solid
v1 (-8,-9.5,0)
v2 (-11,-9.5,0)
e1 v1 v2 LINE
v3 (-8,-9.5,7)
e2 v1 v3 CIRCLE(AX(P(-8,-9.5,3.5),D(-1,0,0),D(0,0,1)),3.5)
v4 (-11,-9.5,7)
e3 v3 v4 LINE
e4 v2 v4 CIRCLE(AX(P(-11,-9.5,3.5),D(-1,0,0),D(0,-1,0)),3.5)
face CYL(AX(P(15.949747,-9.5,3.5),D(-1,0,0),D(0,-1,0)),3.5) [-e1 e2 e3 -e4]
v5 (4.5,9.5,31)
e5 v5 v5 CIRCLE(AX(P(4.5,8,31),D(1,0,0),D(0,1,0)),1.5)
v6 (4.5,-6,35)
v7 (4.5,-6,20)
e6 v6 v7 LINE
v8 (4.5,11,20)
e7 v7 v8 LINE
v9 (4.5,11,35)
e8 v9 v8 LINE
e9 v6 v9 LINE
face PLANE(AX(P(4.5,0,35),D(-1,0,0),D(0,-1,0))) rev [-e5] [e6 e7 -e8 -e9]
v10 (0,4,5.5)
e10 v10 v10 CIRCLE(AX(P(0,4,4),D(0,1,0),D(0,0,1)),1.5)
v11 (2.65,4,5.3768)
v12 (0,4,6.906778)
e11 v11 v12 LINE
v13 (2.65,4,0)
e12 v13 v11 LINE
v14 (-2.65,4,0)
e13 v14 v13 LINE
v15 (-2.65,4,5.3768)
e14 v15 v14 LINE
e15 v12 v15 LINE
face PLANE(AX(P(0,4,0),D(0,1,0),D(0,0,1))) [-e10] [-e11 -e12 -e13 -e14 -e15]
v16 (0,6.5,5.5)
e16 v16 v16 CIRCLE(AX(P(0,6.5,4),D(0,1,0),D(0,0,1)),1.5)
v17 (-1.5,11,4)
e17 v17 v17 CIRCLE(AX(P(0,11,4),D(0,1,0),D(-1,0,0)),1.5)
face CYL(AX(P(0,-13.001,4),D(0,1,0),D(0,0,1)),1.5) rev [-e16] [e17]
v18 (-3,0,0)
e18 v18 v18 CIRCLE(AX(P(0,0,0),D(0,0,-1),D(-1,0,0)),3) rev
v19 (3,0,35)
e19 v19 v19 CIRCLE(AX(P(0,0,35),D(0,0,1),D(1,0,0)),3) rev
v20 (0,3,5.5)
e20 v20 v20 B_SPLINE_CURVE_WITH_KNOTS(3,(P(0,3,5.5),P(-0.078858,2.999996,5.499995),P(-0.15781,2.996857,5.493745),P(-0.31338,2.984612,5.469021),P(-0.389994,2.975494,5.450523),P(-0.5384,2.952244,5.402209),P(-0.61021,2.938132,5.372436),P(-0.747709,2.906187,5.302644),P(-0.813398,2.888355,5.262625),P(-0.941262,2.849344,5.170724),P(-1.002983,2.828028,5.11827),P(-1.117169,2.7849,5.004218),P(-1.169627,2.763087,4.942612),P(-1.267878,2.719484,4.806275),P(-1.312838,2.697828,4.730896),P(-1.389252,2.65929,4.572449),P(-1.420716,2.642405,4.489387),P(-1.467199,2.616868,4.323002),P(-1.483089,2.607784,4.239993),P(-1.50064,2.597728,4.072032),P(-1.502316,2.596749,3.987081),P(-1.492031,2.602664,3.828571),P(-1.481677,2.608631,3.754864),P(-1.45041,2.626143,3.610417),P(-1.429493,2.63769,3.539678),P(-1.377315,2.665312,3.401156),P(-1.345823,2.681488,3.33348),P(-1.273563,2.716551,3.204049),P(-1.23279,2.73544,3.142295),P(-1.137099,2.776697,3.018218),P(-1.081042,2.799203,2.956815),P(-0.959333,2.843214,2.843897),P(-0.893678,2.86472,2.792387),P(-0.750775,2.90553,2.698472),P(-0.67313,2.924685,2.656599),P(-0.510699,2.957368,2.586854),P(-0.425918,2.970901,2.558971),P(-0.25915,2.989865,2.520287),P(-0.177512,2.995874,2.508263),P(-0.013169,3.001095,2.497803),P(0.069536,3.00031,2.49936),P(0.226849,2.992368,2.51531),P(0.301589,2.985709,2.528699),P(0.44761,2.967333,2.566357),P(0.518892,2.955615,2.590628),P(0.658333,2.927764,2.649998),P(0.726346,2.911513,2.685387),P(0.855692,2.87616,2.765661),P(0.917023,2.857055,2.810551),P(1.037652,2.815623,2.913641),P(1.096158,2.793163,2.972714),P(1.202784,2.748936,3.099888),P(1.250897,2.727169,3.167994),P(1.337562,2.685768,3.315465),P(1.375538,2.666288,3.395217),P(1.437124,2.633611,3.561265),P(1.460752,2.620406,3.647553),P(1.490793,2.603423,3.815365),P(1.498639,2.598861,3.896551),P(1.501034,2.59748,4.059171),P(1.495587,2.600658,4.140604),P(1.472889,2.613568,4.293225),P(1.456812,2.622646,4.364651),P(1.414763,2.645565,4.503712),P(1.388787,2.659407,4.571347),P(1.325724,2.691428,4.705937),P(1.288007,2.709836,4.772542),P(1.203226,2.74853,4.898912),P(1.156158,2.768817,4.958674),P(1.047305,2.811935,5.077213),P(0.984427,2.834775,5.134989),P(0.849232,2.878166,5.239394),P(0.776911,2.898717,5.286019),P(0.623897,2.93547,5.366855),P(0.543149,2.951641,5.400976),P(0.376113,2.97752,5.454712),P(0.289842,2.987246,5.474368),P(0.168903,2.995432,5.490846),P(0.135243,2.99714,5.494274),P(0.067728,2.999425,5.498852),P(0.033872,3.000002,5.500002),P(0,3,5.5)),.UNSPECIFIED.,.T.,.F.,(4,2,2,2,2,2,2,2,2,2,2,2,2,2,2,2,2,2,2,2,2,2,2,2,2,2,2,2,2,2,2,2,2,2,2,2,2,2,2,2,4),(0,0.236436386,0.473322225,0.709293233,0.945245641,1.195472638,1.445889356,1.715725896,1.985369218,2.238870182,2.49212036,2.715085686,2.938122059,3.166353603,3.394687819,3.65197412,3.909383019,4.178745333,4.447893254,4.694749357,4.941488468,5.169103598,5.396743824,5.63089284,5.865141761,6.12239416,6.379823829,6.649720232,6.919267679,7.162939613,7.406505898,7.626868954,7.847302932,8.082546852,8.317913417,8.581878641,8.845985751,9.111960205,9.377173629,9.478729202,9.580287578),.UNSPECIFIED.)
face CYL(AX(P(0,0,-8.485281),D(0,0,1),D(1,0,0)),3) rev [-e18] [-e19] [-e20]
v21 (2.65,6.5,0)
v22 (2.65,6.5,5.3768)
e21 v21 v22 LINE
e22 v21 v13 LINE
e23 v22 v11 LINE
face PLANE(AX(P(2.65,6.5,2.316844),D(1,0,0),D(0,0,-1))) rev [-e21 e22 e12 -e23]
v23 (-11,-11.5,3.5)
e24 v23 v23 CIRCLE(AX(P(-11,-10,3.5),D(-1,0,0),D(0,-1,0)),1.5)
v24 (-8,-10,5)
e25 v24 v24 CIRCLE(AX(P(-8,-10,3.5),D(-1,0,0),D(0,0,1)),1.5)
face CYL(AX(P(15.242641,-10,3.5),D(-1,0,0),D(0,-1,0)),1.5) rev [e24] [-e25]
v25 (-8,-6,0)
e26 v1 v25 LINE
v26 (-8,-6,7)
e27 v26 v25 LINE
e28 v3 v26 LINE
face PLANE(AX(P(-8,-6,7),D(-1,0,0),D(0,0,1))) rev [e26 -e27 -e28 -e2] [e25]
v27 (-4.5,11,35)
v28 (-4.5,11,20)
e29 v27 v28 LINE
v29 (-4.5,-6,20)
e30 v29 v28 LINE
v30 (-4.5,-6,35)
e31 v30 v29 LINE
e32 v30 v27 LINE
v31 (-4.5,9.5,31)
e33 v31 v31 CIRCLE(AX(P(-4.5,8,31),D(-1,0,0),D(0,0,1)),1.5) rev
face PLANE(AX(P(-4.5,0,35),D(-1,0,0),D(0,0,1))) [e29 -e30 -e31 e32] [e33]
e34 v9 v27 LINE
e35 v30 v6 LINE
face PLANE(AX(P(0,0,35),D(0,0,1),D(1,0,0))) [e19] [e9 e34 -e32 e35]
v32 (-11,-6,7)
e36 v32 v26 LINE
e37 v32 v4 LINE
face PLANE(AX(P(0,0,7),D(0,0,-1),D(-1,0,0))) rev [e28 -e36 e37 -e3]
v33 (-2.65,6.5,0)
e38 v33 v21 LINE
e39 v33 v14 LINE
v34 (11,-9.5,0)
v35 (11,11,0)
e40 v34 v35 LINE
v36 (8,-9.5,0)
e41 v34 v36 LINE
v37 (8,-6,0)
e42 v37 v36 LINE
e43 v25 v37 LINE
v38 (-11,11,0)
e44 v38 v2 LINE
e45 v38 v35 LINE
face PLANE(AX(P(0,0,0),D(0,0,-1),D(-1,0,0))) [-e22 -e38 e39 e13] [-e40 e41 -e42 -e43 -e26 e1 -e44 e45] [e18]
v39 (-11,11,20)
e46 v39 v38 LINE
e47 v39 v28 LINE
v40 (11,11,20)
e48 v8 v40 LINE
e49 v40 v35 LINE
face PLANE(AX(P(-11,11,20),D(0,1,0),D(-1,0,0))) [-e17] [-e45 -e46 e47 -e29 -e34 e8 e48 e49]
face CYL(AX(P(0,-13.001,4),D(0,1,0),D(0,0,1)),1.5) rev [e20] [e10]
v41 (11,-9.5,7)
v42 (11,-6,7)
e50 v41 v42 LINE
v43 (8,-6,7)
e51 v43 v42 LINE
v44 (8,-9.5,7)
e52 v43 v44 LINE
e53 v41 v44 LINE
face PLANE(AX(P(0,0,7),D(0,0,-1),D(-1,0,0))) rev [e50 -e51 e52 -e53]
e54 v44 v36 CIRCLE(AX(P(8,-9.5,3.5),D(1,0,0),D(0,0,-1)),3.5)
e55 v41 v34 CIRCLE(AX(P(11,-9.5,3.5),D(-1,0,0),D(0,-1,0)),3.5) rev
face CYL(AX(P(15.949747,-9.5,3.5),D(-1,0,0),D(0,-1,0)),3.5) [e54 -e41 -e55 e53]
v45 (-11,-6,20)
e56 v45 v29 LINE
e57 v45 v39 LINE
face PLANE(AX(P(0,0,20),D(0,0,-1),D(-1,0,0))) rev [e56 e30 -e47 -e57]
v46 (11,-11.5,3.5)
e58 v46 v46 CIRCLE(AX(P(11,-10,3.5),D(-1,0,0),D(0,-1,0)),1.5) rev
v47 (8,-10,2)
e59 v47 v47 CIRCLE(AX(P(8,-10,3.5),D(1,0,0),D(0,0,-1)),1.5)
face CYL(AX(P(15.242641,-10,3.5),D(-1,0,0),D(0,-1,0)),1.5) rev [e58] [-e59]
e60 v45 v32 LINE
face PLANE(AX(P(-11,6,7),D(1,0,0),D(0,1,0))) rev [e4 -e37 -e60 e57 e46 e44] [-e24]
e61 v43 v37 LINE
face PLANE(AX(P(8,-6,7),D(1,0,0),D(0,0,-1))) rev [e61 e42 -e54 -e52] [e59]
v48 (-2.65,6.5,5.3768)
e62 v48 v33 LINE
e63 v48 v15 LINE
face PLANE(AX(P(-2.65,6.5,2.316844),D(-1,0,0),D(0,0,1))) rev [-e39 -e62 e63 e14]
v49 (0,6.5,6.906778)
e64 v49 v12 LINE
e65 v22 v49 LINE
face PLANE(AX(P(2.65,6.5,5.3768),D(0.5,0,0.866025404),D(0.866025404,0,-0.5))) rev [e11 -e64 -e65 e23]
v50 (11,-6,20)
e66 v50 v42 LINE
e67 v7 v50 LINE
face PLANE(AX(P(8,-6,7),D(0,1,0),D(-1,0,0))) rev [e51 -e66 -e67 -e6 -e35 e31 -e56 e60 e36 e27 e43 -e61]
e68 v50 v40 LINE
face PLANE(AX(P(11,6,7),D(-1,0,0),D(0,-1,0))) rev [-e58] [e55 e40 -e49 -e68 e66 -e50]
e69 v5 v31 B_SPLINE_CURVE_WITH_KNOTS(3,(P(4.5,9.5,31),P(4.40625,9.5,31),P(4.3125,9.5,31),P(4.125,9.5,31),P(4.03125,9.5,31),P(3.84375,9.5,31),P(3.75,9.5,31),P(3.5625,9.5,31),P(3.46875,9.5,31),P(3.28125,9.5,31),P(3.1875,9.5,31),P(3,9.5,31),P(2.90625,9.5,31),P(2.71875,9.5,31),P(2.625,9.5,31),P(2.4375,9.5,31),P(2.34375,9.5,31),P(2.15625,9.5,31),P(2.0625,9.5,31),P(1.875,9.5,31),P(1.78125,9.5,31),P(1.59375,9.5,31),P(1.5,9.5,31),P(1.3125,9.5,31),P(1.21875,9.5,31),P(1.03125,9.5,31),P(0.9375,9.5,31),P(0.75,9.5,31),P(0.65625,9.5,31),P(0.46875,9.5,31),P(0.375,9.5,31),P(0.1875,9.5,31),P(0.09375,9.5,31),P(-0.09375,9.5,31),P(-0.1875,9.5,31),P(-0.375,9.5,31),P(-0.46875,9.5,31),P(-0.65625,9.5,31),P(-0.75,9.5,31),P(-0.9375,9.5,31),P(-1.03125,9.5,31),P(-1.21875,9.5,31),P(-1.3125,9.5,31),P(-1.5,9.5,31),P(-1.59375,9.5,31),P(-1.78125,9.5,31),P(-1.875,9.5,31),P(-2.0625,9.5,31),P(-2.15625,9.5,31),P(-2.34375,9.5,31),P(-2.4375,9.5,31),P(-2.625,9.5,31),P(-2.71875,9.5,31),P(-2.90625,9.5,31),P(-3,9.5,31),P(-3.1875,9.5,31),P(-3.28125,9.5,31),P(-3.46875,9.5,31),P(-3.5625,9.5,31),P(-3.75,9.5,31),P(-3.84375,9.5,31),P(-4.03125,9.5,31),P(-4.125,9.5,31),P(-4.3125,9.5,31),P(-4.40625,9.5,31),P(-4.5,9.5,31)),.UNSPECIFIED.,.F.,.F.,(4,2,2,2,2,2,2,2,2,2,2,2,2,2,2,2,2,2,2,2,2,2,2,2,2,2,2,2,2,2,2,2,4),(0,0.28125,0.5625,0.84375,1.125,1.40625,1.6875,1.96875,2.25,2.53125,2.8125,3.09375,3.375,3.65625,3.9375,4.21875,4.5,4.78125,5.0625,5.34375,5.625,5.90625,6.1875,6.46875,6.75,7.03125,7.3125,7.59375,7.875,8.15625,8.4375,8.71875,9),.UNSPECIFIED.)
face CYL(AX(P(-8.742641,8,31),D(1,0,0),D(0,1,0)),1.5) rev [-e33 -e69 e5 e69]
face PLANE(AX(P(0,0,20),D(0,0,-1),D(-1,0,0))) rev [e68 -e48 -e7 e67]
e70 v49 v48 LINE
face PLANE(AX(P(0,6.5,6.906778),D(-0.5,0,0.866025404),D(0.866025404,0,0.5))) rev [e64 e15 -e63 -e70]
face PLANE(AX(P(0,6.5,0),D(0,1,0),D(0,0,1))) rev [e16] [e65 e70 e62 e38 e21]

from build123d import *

# Parameters (mm, degrees)
DODANIE_WYCI_GNI_CIE1_DEPTH            = 7
WYTNIJ_WYCI_GNI_CIE1_REACH             = 28.495
WYTNIJ_WYCI_GNI_CIE2_REACH             = 28.495
SZKIC3_R                               = 1.5
SZKIC4_W                               = 22
SZKIC4_H                               = 17
DODANIE_WYCI_GNI_CIE2_DEPTH            = 20
SZKIC5_R                               = 3
WYTNIJ_WYCI_GNI_CIE3_DEPTH             = 20
WYTNIJ_WYCI_GNI_CIE4_DEPTH             = 2.5
WYTNIJ_WYCI_GNI_CIE5_REACH             = 30.46
SZKIC7_R                               = 1.5
WYTNIJ_WYCI_GNI_CIE5_DIRECTION_2_REACH = 30.46
DODANIE_WYCI_GNI_CIE3_START            = 15
SZKIC8_W                               = 9
SZKIC8_H                               = 17
SZKIC8_R                               = 3
DODANIE_WYCI_GNI_CIE3_DEPTH            = 15
SZKIC9_R                               = 1.5
WYTNIJ_WYCI_GNI_CIE6_DEPTH             = 9


with BuildPart() as part:
    # Szkic1 → Dodanie-wyciągnięcie1 (new body)
    with BuildSketch(Plane.XY):
        Polygon((8, 6), (-8, 6), (-11, 6), (-11, -13), (-8, -13), (-8, -6), (8, -6), (8, -13), (11, -13), (11, 6), align=None)
    extrude(amount=DODANIE_WYCI_GNI_CIE1_DEPTH)

    # Wytnij-wyciągnięcie1: up to this face of the body (flat: up to its plane)
    wytnij_wyci_gni_cie1_end = Plane(part.part.faces().sort_by_distance((11, -3.5, 3.5))[0])
    # Szkic2 → Wytnij-wyciągnięcie1 (cut, up to the picked face)
    with BuildSketch(Plane.ZY.offset(11), mode=Mode.PRIVATE) as wytnij_wyci_gni_cie1_sk1:
        with BuildLine():
            ThreePointArc((7, -9.5), (5.974873734, -11.974873734), (3.5, -13))
            Line((3.5, -13), (7, -13))
            Line((7, -13), (7, -9.5))
        make_face()
    wytnij_wyci_gni_cie1_tool1 = split(extrude(wytnij_wyci_gni_cie1_sk1.sketch, amount=-WYTNIJ_WYCI_GNI_CIE1_REACH, mode=Mode.PRIVATE), bisect_by=wytnij_wyci_gni_cie1_end, keep=Keep.BOTH, mode=Mode.PRIVATE)
    # Szkic2 → Wytnij-wyciągnięcie1 (cut, up to the picked face)
    with BuildSketch(Plane.ZY.offset(11), mode=Mode.PRIVATE) as wytnij_wyci_gni_cie1_sk2:
        with BuildLine():
            ThreePointArc((3.5, -13), (1.025126266, -11.974873734), (0, -9.5))
            Line((0, -9.5), (0, -13))
            Line((0, -13), (3.5, -13))
        make_face()
    wytnij_wyci_gni_cie1_tool2 = split(extrude(wytnij_wyci_gni_cie1_sk2.sketch, amount=-WYTNIJ_WYCI_GNI_CIE1_REACH, mode=Mode.PRIVATE), bisect_by=wytnij_wyci_gni_cie1_end, keep=Keep.BOTH, mode=Mode.PRIVATE)
    add(wytnij_wyci_gni_cie1_tool1.solids().sort_by(Axis((-11, -12.218212, 6.218212), (1, 0, 0)))[0], mode=Mode.SUBTRACT)
    add(wytnij_wyci_gni_cie1_tool2.solids().sort_by(Axis((-11, -12.218212, 0.781788), (1, 0, 0)))[0], mode=Mode.SUBTRACT)

    # Wytnij-wyciągnięcie2: up to this face of the body (flat: up to its plane)
    wytnij_wyci_gni_cie2_end = Plane(part.part.faces().sort_by_distance((11, -3.141167, 3.5))[0])
    # Szkic3 → Wytnij-wyciągnięcie2 (cut, up to the picked face)
    with BuildSketch(Plane.ZY.offset(11), mode=Mode.PRIVATE) as wytnij_wyci_gni_cie2_sk1:
        with Locations(Location((3.5, -10, 0), (0, 0, 270))):
            Circle(SZKIC3_R)
    wytnij_wyci_gni_cie2_tool1 = split(extrude(wytnij_wyci_gni_cie2_sk1.sketch, amount=-WYTNIJ_WYCI_GNI_CIE2_REACH, mode=Mode.PRIVATE), bisect_by=wytnij_wyci_gni_cie2_end, keep=Keep.BOTH, mode=Mode.PRIVATE)
    add(wytnij_wyci_gni_cie2_tool1.solids().sort_by(Axis((-11, -10, 3.5), (1, 0, 0)))[0], mode=Mode.SUBTRACT)

    # Szkic4 → Dodanie-wyciągnięcie2 (add)
    with BuildSketch(Plane(origin=(0, 0, 0), x_dir=(-1, 0, 0), z_dir=(0, 0, -1))):
        with Locations((0, 2.5)):
            Rectangle(SZKIC4_W, SZKIC4_H)
    extrude(amount=-DODANIE_WYCI_GNI_CIE2_DEPTH)

    # Szkic5 → Wytnij-wyciągnięcie3 (cut)
    with BuildSketch(Plane.XY.offset(20)):
        Circle(SZKIC5_R)
    extrude(amount=-WYTNIJ_WYCI_GNI_CIE3_DEPTH, mode=Mode.SUBTRACT)

    # Szkic6 → Wytnij-wyciągnięcie4 (cut)
    with BuildSketch(Plane(origin=(0, 4, 0), x_dir=(-1, 0, 0), z_dir=(0, -1, 0))):
        Polygon((2.65, -2.316843521), (2.65, 0), (-2.65, 0), (-2.65, -2.316843521), (-2.65, -5.376799948), (0, -6.906778161), (2.65, -5.376799948), align=None)
    extrude(amount=-WYTNIJ_WYCI_GNI_CIE4_DEPTH, mode=Mode.SUBTRACT)

    # Szkic7 → Wytnij-wyciągnięcie5 (cut, up to next)
    with BuildSketch(Plane(origin=(0, 4, 0), x_dir=(1, 0, 0), z_dir=(0, 1, 0)), mode=Mode.PRIVATE) as wytnij_wyci_gni_cie5_sk1:
        with Locations(Location((0, -4, 0), (0, 0, 270))):
            Circle(SZKIC7_R)
    wytnij_wyci_gni_cie5_tool1 = extrude(wytnij_wyci_gni_cie5_sk1.sketch, amount=-WYTNIJ_WYCI_GNI_CIE5_REACH, mode=Mode.PRIVATE) & part.part
    add(wytnij_wyci_gni_cie5_tool1.solids().sort_by_distance((0, 4, 4))[0], mode=Mode.SUBTRACT)

    # Szkic7 → Wytnij-wyciągnięcie5 direction 2 (cut, up to next)
    with BuildSketch(Plane(origin=(0, 4, 0), x_dir=(1, 0, 0), z_dir=(0, 1, 0)), mode=Mode.PRIVATE) as wytnij_wyci_gni_cie5_direction_2_sk1:
        with Locations(Location((0, -4, 0), (0, 0, 270))):
            Circle(SZKIC7_R)
    wytnij_wyci_gni_cie5_direction_2_tool1 = extrude(wytnij_wyci_gni_cie5_direction_2_sk1.sketch, amount=WYTNIJ_WYCI_GNI_CIE5_DIRECTION_2_REACH, mode=Mode.PRIVATE) & part.part
    add(wytnij_wyci_gni_cie5_direction_2_tool1.solids().sort_by_distance((0, 4, 4))[0], mode=Mode.SUBTRACT)

    # Szkic8 → Dodanie-wyciągnięcie3 (add)
    with BuildSketch(Plane.XY.offset(20).offset(DODANIE_WYCI_GNI_CIE3_START)):
        with Locations((0, 2.5)):
            Rectangle(SZKIC8_W, SZKIC8_H)
        Circle(SZKIC8_R, mode=Mode.SUBTRACT)
    extrude(amount=-DODANIE_WYCI_GNI_CIE3_DEPTH)

    # Szkic9 → Wytnij-wyciągnięcie6 (cut)
    with BuildSketch(Plane(origin=(4.5, 0, 0), x_dir=(0, 0, -1), z_dir=(1, 0, 0))):
        with Locations(Location((-31, 8, 0), (0, 0, 90))):
            Circle(SZKIC9_R)
    extrude(amount=-WYTNIJ_WYCI_GNI_CIE6_DEPTH, mode=Mode.SUBTRACT)


solid = part.part
